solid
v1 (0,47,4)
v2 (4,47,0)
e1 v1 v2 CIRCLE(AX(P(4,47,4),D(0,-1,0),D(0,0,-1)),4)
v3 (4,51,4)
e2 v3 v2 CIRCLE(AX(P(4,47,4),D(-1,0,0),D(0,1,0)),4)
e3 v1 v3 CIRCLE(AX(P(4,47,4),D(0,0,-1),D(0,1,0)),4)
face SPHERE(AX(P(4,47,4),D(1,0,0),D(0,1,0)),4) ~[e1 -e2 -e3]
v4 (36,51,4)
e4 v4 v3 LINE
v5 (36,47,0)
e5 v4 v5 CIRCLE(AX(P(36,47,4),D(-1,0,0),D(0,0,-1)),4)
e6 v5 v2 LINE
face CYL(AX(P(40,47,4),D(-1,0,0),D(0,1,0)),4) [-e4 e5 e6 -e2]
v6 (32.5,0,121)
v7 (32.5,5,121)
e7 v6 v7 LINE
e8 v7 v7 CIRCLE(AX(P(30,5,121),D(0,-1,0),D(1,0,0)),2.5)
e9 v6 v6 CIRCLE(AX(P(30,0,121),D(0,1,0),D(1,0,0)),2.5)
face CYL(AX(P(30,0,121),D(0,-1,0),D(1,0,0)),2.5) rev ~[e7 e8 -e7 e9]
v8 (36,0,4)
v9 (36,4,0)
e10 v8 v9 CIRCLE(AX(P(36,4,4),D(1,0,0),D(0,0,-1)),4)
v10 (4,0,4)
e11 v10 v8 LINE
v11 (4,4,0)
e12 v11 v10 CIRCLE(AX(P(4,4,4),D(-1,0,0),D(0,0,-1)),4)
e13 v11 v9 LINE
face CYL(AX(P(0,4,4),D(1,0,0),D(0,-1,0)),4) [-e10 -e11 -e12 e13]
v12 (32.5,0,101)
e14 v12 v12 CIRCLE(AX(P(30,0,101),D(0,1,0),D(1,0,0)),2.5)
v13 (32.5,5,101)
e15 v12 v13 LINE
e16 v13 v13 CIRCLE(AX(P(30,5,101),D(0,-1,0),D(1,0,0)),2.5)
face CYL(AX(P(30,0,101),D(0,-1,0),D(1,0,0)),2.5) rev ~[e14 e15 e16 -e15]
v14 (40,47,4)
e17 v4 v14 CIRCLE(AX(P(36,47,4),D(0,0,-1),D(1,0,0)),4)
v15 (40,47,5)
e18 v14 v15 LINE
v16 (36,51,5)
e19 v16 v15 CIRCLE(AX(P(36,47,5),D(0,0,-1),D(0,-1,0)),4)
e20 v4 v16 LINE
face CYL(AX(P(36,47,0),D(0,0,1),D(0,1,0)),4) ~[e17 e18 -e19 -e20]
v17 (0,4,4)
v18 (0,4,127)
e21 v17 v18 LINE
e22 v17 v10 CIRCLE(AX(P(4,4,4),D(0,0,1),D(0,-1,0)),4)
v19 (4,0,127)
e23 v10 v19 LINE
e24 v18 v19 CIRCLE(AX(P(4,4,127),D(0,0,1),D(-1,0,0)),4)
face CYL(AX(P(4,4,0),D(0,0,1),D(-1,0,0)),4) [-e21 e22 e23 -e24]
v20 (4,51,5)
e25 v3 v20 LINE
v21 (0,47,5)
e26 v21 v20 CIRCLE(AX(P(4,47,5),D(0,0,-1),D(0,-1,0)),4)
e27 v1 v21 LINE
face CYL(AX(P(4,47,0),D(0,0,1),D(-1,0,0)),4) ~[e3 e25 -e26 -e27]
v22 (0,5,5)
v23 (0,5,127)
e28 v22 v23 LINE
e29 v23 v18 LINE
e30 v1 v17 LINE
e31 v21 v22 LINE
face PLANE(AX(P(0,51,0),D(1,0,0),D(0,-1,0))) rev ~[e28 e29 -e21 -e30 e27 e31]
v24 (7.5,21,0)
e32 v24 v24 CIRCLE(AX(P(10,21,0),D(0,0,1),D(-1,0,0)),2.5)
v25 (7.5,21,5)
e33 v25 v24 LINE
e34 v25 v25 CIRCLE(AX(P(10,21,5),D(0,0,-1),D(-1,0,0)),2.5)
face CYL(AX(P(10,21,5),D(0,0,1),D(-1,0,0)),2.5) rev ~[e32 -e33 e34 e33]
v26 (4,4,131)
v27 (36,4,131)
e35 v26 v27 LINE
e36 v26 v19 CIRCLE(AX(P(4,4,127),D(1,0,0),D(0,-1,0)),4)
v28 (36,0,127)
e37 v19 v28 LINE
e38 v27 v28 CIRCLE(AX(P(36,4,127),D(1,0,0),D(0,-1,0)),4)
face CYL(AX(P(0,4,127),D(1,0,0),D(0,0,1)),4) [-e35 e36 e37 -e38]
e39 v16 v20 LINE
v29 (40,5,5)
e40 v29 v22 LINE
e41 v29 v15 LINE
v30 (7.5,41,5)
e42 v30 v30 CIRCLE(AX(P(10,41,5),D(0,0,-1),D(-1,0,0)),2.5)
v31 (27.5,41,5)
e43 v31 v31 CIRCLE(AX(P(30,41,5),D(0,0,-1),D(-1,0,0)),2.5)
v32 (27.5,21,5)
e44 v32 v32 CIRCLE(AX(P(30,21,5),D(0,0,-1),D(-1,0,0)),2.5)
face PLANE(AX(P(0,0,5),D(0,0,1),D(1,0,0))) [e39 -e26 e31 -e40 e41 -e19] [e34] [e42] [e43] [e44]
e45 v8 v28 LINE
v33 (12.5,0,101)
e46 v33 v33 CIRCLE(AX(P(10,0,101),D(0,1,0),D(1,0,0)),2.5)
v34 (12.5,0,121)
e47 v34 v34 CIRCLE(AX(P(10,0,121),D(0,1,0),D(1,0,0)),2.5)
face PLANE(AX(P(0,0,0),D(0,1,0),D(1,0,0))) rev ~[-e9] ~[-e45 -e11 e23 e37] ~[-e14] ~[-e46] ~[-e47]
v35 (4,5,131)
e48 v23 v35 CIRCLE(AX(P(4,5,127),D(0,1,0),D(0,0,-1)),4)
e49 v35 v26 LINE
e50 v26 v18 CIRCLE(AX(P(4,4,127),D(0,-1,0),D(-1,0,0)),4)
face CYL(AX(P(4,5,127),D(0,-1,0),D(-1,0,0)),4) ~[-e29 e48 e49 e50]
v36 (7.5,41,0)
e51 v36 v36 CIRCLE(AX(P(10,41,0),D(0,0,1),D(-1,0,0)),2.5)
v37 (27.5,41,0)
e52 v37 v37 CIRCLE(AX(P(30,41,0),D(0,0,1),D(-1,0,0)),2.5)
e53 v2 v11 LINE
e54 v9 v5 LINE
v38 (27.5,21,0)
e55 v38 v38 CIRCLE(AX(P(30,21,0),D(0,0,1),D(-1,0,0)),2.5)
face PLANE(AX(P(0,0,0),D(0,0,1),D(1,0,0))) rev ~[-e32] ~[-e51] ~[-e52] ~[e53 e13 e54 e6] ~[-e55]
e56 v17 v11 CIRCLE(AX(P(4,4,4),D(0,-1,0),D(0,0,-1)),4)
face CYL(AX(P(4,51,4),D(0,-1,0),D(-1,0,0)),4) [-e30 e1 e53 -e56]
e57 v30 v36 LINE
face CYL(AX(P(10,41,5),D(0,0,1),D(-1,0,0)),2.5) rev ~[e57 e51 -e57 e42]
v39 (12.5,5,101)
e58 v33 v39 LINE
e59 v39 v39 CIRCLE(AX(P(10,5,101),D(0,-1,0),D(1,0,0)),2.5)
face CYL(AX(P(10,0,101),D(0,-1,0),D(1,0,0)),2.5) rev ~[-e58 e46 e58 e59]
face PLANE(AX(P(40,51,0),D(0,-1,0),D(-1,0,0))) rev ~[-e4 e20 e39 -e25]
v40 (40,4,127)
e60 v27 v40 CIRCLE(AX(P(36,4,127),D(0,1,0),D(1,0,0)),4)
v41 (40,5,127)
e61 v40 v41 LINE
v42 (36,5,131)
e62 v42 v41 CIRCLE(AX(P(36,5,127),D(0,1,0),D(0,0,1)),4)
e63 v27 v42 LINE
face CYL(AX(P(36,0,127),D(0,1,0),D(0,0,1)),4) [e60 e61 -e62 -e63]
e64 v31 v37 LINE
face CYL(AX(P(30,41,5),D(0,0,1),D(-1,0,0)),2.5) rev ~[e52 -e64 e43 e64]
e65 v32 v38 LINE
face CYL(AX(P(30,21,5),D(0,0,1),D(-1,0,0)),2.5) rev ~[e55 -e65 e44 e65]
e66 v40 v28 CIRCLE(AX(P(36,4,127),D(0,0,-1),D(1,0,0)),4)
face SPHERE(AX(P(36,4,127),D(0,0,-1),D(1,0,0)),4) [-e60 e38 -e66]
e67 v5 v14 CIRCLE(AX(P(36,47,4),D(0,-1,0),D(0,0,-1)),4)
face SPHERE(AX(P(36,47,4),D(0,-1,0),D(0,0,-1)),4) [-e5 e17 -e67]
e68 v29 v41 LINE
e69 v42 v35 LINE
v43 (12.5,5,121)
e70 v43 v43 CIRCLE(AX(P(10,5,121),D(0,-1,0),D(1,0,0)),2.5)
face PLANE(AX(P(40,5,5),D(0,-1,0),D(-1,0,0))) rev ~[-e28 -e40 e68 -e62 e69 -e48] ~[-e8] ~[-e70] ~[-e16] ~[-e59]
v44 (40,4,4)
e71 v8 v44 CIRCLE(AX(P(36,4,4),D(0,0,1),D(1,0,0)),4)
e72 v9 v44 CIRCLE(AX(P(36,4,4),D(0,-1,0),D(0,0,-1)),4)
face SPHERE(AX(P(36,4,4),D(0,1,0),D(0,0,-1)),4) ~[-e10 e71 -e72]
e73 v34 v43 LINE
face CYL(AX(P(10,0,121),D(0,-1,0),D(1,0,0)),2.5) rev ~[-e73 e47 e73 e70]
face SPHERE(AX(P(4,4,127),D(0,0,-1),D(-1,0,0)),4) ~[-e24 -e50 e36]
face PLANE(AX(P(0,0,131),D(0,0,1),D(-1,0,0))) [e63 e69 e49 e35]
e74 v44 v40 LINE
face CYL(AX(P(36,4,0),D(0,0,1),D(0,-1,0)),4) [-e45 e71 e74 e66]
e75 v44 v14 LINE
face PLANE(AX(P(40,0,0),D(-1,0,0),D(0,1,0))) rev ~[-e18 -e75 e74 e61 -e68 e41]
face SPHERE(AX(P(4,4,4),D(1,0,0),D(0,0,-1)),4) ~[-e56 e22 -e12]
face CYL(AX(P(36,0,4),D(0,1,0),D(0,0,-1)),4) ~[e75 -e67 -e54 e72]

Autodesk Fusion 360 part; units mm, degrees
sketch "Sketch1" plane through (0, 0, 0) normal (0, 0, 1) x (1, 0, 0)
  line L0 (0, 0) -> (40, 0)
  line L1 (40, 0) -> (40, 51)
  line L2 (40, 51) -> (0, 51)
  line L3 (0, 51) -> (0, 0)
  dimension "d1" = 40
  dimension "d2" = 51
extrude "Extrude1" add sketch "Sketch1" along normal blind 5
sketch "Sketch2" plane through (0, 0, 5) normal (0, 0, 1) x (-1, 0, 0)
  line L0 (0, -51) -> (0, 0)
  line L1 (0, 0) -> (-40, 0)
  line L2 (-40, 0) -> (-40, -51)
  line L3 (-40, -51) -> (0, -51)
  line L4 (0, 0) -> (-40, 0)
  line L5 (-40, 0) -> (-40, -5)
  line L6 (-40, -5) -> (0, -5)
  line L7 (0, -5) -> (0, 0)
  dimension "d5" = 40
  dimension "d6" = 5
extrude "Extrude2" add sketch "Sketch2" along normal blind 126 contours L0 L1 L2 L4 L5 L6 L7
sketch "Sketch3" plane through (0, 0, 0) normal (0, -1, 0) x (1, 0, 0)
  line L0 (0, 0) -> (40, 0)
  line L1 (40, 0) -> (40, 131)
  line L2 (40, 131) -> (0, 131)
  line L3 (0, 131) -> (0, 0)
  line L4 (0, 131) -> (10, 131)
  line L5 (10, 131) -> (10, 121)
  line L6 (10, 121) -> (0, 121)
  line L7 (0, 121) -> (0, 131)
  circle A0 centre (10, 121) radius 2.5
  line L8 (10, 121) -> (30, 121)
  line L9 (30, 121) -> (30, 101)
  line L10 (30, 101) -> (10, 101)
  line L11 (10, 101) -> (10, 121)
  circle A1 centre (30, 121) radius 2.5
  circle A2 centre (10, 101) radius 2.5
  circle A3 centre (30, 101) radius 2.5
  dimension "d9" = 10
  dimension "d10" = 10
  dimension "d11" = 5
  dimension "d12" = 20
  dimension "d13" = 20
  dimension "d14" = 5
  dimension "d15" = 5
  dimension "d16" = 5
extrude "Extrude3" cut sketch "Sketch3" against normal blind 5 contours L5 L6 A0 | L6 A0 L11 | L5 A0 L8 | A0 L8 L11 | L10 L11 A2 | L10 L11 A2 | L8 L9 A1 | L8 L9 A1 | L9 L10 A3 | L9 L10 A3
sketch "Sketch4" plane through (0, 0, 5) normal (0, 0, 1) x (-1, 0, 0)
  line L0 (0, -5) -> (-40, -5)
  line L1 (-40, -5) -> (-40, -51)
  line L2 (-40, -51) -> (0, -51)
  line L3 (0, -51) -> (0, -5)
  line L4 (0, -51) -> (-10, -51)
  line L5 (-10, -51) -> (-10, -41)
  line L6 (-10, -41) -> (0, -41)
  line L7 (0, -41) -> (0, -51)
  line L8 (-10, -41) -> (-30, -41)
  line L9 (-30, -41) -> (-30, -21)
  line L10 (-30, -21) -> (-10, -21)
  line L11 (-10, -21) -> (-10, -41)
  circle A0 centre (-10, -41) radius 2.5
  circle A1 centre (-30, -41) radius 2.5
  circle A2 centre (-10, -21) radius 2.5
  circle A3 centre (-30, -21) radius 2.5
  dimension "d19" = 10
  dimension "d20" = 10
  dimension "d21" = 20
  dimension "d22" = 20
  dimension "d23" = 5
  dimension "d24" = 5
  dimension "d25" = 5
  dimension "d26" = 5
extrude "Extrude4" cut sketch "Sketch4" against normal blind 5 contours L5 L6 A0 | L6 L11 A0 | L5 L8 A0 | L8 L11 A0 | L10 L11 A2 | L10 L11 A2 | L8 L9 A1 | L8 L9 A1 | L9 L10 A3 | L9 L10 A3
fillet "Fillet1" radius 4 11 edges at (40, 25.5, 0) (20, 0, 0) (20, 51, 0) (40, 51, 2.5) (0, 51, 2.5) (0, 25.5, 0) (40, 0, 65.5) (40, 2.5, 131) (0, 0, 65.5) (0, 2.5, 131) (20, 0, 131)
